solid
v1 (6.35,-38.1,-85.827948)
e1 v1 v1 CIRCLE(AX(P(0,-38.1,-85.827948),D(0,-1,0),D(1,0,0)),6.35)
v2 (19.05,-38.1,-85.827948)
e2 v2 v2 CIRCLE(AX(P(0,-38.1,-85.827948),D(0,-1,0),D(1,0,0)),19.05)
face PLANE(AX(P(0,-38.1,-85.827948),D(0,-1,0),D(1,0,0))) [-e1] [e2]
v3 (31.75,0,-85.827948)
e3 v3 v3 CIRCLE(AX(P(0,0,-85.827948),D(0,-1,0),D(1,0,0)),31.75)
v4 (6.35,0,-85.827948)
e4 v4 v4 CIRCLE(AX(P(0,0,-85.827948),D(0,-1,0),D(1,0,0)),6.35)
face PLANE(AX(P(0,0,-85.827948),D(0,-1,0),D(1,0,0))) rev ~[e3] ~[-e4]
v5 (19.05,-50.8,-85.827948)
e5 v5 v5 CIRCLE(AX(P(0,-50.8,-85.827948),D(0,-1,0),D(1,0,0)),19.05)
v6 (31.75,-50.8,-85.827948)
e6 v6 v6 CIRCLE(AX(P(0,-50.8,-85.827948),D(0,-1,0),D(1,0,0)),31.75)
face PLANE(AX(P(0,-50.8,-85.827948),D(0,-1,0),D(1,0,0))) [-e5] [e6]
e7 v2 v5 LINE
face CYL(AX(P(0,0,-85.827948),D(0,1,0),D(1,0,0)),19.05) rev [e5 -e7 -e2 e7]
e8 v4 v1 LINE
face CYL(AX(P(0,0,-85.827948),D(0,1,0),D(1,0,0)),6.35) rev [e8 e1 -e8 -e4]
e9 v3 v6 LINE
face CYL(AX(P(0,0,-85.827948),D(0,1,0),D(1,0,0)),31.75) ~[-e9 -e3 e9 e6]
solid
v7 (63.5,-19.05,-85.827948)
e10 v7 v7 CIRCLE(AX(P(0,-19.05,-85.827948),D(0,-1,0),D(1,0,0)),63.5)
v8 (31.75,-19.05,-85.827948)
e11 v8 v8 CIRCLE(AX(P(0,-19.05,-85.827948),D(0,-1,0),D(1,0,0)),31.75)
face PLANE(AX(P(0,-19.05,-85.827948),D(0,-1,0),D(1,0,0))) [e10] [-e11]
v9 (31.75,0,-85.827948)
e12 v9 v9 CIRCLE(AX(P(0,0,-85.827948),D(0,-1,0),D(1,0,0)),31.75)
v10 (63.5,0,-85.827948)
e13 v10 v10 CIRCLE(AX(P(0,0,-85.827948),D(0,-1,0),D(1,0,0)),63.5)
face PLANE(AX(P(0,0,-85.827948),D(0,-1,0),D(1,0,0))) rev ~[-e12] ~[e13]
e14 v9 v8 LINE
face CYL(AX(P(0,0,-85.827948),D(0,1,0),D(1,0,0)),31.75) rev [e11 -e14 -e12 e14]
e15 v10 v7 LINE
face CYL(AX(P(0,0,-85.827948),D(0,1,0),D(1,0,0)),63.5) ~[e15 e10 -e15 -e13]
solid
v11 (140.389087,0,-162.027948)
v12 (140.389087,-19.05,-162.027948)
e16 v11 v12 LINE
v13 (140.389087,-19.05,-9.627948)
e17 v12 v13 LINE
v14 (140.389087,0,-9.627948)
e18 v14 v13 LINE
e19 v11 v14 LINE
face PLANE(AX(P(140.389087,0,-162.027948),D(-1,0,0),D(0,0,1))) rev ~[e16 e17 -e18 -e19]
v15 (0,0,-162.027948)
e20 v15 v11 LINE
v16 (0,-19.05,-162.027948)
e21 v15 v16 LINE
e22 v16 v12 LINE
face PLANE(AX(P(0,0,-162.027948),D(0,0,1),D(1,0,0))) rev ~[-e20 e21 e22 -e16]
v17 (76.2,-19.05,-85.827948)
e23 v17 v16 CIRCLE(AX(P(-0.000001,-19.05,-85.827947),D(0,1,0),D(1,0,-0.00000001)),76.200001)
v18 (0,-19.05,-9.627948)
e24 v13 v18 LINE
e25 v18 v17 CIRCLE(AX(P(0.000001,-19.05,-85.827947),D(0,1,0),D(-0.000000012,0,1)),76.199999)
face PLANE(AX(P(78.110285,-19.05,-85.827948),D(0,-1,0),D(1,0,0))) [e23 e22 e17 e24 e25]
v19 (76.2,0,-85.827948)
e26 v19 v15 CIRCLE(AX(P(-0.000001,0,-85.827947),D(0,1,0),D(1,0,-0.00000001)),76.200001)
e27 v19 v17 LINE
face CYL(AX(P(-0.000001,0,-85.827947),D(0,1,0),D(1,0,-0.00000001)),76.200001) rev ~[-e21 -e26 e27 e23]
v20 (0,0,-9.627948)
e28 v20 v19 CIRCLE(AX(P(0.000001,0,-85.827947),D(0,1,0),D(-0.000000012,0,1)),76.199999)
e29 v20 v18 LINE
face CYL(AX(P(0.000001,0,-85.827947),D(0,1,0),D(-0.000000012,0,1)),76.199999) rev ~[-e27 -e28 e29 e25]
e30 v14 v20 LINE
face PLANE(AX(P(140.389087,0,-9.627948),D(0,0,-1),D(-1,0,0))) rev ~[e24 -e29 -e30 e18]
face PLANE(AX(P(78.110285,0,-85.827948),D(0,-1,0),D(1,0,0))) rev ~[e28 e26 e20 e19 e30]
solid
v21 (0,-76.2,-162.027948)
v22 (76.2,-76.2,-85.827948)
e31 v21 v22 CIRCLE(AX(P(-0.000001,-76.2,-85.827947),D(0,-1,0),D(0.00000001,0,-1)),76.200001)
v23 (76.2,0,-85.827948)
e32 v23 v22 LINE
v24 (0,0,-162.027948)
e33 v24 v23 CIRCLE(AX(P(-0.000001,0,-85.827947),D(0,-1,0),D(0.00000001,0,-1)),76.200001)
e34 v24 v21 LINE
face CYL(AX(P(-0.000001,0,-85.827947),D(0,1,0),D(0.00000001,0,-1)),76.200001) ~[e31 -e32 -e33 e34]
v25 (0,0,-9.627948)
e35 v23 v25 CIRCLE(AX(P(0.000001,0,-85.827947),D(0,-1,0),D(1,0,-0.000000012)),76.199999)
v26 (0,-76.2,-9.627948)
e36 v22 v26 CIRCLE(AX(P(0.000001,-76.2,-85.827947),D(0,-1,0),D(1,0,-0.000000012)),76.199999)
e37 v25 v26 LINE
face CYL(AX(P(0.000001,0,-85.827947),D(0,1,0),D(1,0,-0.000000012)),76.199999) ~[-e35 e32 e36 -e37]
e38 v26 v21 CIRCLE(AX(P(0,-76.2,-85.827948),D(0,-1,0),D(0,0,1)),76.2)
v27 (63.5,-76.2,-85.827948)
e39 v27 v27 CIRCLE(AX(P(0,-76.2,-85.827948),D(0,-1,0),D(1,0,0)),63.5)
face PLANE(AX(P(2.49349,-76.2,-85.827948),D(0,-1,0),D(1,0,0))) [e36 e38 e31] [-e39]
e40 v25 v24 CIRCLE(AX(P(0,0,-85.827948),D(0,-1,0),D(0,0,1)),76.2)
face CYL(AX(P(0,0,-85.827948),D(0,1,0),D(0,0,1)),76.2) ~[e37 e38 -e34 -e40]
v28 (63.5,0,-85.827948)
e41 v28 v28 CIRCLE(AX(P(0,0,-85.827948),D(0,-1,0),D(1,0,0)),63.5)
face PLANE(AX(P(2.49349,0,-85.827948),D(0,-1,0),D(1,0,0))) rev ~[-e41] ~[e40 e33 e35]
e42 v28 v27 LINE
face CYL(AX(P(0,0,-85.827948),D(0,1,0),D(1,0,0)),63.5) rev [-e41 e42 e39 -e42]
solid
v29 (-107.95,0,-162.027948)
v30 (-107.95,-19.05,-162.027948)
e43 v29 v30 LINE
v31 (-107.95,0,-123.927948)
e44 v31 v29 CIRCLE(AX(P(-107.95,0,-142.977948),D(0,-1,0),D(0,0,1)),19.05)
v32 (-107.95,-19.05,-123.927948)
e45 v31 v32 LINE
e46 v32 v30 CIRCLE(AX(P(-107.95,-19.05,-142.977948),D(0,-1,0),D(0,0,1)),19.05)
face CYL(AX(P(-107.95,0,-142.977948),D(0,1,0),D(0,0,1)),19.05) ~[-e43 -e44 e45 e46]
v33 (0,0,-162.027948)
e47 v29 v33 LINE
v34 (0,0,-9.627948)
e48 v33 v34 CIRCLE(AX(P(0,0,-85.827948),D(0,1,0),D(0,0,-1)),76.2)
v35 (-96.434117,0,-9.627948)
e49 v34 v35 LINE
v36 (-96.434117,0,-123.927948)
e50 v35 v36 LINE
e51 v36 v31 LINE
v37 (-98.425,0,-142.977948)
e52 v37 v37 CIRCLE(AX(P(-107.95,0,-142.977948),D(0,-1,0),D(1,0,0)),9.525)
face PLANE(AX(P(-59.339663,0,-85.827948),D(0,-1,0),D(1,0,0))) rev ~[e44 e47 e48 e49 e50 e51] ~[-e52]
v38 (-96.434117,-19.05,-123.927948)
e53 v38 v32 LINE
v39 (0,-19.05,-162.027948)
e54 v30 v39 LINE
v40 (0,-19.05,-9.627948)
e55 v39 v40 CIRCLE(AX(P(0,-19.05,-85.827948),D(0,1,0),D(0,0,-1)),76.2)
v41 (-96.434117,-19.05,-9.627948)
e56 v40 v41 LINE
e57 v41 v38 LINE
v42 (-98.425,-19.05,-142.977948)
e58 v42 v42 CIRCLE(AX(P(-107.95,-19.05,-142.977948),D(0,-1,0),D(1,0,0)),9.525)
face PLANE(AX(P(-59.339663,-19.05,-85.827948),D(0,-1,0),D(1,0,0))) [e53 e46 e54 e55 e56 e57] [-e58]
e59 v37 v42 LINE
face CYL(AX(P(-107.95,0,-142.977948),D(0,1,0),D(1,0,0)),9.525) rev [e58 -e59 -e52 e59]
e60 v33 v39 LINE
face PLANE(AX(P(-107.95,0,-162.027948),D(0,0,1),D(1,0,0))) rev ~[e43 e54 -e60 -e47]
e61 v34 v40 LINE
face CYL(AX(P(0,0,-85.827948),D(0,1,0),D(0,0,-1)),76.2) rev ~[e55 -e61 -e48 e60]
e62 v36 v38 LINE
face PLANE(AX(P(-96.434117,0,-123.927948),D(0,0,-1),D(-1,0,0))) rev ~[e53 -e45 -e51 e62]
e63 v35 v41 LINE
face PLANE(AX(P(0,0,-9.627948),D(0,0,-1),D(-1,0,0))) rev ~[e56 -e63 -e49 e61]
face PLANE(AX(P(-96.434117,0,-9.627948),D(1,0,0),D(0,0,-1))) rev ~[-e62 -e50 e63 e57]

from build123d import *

# Parameters (mm, degrees)
F0_R     = 9.525
F0_R_2   = 63.5
F0_R_3   = 31.75
F1_DEPTH = 19.05
F2_DEPTH = 76.2
F0_R_4   = 19.05
F3_DEPTH = 50.8
F0_R_5   = 6.35
F4_DEPTH = 38.1


with BuildPart() as f1:
    # F0 (on Front) → F1 (new body)
    with BuildSketch(Plane.XZ):
        with BuildLine():
            Line((140.389087, -9.627948), (0, -9.627948))
            ThreePointArc((0, -9.627948), (53.881537, -31.946411), (76.2, -85.827948))
            ThreePointArc((76.2, -85.827948), (53.881537, -139.709484), (0, -162.027948))
            Line((0, -162.027948), (140.389087, -162.027948))
            Line((140.389087, -162.027948), (140.389087, -123.927948))
            Line((140.389087, -123.927948), (140.389087, -30.55766))
            Line((140.389087, -30.55766), (140.389087, -9.627948))
        make_face()
        with BuildLine():
            Line((0, -9.627948), (-96.434117, -9.627948))
            Line((-96.434117, -9.627948), (-96.434117, -37.627392))
            Line((-96.434117, -37.627392), (-96.434117, -123.927948))
            Line((-96.434117, -123.927948), (-96.434117, -162.027948))
            Line((-96.434117, -162.027948), (0, -162.027948))
            ThreePointArc((0, -162.027948), (-76.2, -85.827948), (0, -9.627948))
        make_face()
        with BuildLine():
            Line((-96.434117, -162.027948), (-96.434117, -123.927948))
            Line((-96.434117, -123.927948), (-107.95, -123.927948))
            ThreePointArc((-107.95, -123.927948), (-127, -142.977948), (-107.95, -162.027948))
            Line((-107.95, -162.027948), (-96.434117, -162.027948))
        make_face()
        with Locations((-107.95, -142.977948)):
            Circle(F0_R, mode=Mode.SUBTRACT)
        with Locations((0, -85.827948)):
            Circle(F0_R_2)
        with Locations((0, -85.827948)):
            Circle(F0_R_3, mode=Mode.SUBTRACT)
    extrude(amount=F1_DEPTH)


with BuildPart() as f2:
    # F0 (on Front) → F2 (new body)
    with BuildSketch(Plane.XZ):
        with BuildLine():
            ThreePointArc((76.2, -85.827948), (53.881537, -31.946411), (0, -9.627948))
            ThreePointArc((0, -9.627948), (-76.2, -85.827948), (0, -162.027948))
            ThreePointArc((0, -162.027948), (53.881537, -139.709484), (76.2, -85.827948))
        make_face()
        with Locations((0, -85.827948)):
            Circle(F0_R_2, mode=Mode.SUBTRACT)
    extrude(amount=F2_DEPTH)


with BuildPart() as f3:
    # F0 (on Front) → F3 (new body)
    with BuildSketch(Plane.XZ):
        with Locations((0, -85.827948)):
            Circle(F0_R_3)
        with Locations((0, -85.827948)):
            Circle(F0_R_4, mode=Mode.SUBTRACT)
    extrude(amount=F3_DEPTH)

    # F0 (on Front) → F4 (join)
    with BuildSketch(Plane.XZ):
        with Locations((0, -85.827948)):
            Circle(F0_R_4)
        with Locations((0, -85.827948)):
            Circle(F0_R_5, mode=Mode.SUBTRACT)
    extrude(amount=F4_DEPTH)


solid = Compound([f1.part, f2.part, f3.part])
